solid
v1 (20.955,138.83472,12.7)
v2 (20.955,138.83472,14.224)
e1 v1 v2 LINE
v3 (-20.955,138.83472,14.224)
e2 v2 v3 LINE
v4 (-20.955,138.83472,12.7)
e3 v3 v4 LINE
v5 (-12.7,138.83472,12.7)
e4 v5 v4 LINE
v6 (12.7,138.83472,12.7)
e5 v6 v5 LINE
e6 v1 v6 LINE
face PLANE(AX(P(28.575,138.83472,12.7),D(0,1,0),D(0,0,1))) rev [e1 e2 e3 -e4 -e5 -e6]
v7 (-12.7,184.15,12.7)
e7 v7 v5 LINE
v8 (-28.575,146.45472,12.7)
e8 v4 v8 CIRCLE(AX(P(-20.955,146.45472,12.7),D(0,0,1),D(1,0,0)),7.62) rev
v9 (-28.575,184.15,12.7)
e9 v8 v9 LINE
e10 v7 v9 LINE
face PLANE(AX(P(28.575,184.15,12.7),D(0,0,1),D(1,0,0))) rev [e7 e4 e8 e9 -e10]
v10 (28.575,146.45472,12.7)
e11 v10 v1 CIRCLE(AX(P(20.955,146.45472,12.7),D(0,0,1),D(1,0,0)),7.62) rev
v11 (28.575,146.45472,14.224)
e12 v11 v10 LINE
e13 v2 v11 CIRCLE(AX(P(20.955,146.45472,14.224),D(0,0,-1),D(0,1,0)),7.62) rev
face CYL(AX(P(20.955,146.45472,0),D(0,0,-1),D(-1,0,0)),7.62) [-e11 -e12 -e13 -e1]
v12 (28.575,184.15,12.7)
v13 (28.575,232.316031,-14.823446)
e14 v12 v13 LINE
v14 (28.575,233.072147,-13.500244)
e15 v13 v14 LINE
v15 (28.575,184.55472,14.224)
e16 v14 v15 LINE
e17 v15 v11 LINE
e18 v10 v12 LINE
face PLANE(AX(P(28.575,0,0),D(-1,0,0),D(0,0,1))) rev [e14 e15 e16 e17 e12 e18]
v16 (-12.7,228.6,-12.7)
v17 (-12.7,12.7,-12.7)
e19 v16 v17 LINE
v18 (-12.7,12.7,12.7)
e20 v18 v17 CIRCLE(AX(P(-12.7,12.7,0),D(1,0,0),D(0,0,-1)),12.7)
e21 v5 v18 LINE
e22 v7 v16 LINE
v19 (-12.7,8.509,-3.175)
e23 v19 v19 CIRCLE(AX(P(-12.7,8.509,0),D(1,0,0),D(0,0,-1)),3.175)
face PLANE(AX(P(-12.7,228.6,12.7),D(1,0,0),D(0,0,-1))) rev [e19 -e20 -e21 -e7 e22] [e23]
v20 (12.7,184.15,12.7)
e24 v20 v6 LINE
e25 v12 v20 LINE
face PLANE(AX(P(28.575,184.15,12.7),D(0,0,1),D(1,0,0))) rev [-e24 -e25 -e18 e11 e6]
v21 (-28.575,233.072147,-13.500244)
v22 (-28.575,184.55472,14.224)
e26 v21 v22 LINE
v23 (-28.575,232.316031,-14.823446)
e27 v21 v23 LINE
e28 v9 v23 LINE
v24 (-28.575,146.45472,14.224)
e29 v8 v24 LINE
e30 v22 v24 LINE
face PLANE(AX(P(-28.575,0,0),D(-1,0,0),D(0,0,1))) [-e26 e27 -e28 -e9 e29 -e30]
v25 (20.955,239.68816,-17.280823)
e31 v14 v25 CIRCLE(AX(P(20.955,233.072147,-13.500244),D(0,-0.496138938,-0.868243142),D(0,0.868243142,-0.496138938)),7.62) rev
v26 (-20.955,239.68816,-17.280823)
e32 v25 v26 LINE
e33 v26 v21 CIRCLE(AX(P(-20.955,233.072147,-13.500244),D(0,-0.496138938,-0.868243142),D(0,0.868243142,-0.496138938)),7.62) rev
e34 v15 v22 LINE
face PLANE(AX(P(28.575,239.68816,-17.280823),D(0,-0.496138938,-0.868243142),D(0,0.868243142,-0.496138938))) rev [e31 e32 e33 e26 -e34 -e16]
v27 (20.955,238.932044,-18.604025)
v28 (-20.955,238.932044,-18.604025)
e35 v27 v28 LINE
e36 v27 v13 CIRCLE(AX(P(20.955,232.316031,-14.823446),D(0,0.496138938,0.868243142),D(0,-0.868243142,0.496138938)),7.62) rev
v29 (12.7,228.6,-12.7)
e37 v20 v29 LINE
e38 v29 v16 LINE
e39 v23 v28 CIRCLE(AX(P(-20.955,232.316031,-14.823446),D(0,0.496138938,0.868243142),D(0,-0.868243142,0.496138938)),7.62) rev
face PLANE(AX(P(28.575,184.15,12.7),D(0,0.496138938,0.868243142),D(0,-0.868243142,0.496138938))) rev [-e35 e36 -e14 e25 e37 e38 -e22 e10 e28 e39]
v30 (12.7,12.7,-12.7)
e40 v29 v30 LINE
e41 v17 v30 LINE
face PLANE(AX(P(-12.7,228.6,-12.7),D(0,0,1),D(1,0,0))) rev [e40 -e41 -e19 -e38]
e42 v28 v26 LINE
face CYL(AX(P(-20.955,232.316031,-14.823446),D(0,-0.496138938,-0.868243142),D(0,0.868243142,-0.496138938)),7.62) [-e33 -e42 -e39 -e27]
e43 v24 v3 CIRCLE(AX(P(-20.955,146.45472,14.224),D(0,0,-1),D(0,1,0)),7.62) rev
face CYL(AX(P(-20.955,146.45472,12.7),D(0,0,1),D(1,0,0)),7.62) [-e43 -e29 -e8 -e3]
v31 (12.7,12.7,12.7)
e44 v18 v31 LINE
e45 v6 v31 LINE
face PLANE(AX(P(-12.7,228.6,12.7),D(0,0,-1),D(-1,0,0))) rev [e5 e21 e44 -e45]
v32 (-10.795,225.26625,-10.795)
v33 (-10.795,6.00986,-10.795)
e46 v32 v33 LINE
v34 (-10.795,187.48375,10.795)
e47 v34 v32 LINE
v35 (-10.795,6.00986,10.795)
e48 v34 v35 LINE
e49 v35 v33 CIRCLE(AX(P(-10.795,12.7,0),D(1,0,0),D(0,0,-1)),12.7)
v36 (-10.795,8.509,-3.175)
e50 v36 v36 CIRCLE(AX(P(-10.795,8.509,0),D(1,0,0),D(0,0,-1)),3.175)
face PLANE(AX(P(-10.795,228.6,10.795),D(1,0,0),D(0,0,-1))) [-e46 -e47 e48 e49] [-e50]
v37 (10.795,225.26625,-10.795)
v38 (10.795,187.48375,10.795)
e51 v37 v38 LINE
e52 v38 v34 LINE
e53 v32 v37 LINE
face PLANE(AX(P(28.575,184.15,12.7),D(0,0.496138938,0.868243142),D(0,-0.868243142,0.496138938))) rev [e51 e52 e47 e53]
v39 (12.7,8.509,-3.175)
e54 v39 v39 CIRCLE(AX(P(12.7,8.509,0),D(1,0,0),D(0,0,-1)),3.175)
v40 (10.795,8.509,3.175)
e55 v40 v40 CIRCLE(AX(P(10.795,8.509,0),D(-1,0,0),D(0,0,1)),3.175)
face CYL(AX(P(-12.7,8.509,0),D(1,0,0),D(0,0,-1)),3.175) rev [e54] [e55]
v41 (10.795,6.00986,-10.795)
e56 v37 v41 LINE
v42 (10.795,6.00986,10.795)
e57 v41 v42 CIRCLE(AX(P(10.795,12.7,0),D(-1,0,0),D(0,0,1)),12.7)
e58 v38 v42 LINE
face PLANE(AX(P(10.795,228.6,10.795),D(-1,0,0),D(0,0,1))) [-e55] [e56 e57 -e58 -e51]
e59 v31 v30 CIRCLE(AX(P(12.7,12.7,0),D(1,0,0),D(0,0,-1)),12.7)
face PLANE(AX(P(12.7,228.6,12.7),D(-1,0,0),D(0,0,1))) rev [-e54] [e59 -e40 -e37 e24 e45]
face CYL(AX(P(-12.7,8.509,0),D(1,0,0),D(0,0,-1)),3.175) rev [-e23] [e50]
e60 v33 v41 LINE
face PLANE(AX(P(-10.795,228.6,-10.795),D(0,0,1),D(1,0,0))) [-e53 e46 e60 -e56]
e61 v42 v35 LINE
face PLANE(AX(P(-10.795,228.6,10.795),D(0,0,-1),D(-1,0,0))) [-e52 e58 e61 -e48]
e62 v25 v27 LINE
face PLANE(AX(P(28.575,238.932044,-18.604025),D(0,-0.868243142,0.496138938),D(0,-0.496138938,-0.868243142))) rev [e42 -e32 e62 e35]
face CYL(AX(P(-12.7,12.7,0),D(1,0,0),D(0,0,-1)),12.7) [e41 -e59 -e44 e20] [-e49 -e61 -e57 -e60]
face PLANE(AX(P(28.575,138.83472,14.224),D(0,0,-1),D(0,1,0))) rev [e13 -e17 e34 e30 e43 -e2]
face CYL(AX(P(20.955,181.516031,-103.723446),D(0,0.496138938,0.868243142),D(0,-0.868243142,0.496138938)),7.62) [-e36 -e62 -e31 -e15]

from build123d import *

# Parameters (mm, degrees)
SKETCH1_W               = 25.4
SKETCH1_H               = 25.4
SKETCH1_W_2             = 21.59
SKETCH1_H_2             = 21.59
BOSS_EXTRUDE1_DEPTH     = 228.6
CUT_EXTRUDE1_DEPTH      = 230.304470083
CUT_EXTRUDE1_DEPTH_BACK = 230.304470083
SKETCH2_R               = 3.175
BOSS_EXTRUDE2_DEPTH     = 28.575
FILLET1_R               = 7.62


with BuildPart() as part:
    # Sketch1 → Boss-Extrude1 (new body)
    with BuildSketch(Plane(origin=(0, 0, 0), x_dir=(1, 0, 0), z_dir=(0, 1, 0))):
        Rectangle(SKETCH1_W, SKETCH1_H)
        Rectangle(SKETCH1_W_2, SKETCH1_H_2, mode=Mode.SUBTRACT)
    extrude(amount=BOSS_EXTRUDE1_DEPTH)

    # Sketch2 → Cut-Extrude1 (cut, two sides: drawn at the far end of the back side and taken through both)
    with BuildSketch(Plane(origin=(0, 0, 0), x_dir=(0, 0, -1), z_dir=(1, 0, 0)).offset(-CUT_EXTRUDE1_DEPTH_BACK)):
        Polygon((-12.7, 228.6), (-12.7, 184.15), (12.7, 228.6), align=None)
        with BuildLine():
            Line((-12.7, 0), (0, 0))
            ThreePointArc((0, 0), (-8.980256121, 3.719743879), (-12.7, 12.7))
            Line((-12.7, 12.7), (-12.7, 0))
        make_face()
        with BuildLine():
            ThreePointArc((12.7, 12.7), (8.980256121, 3.719743879), (0, 0))
            Line((0, 0), (12.7, 0))
            Line((12.7, 0), (12.7, 12.7))
        make_face()
        with Locations((0, 8.509)):
            Circle(SKETCH2_R)
    extrude(amount=CUT_EXTRUDE1_DEPTH + CUT_EXTRUDE1_DEPTH_BACK, mode=Mode.SUBTRACT)

    # Sketch3 → Boss-Extrude2 (add, symmetric)
    with BuildSketch(Plane(origin=(0, 0, 0), x_dir=(0, 0, -1), z_dir=(1, 0, 0))):
        Polygon((-12.7, 184.15), (18.604025134, 238.932043985), (17.280822586, 239.688159727), (-14.224, 184.554720202), (-14.224, 138.834720202), (-12.7, 138.834720202), align=None)
    extrude(amount=BOSS_EXTRUDE2_DEPTH, both=True)

    # Fillet1
    fillet1_edges = [part.edges().sort_by_distance(p)[0] for p in [
        (-28.575, 239.310101856, -17.94242386),
        (-28.575, 138.834720202, 13.462),
        (28.575, 239.310101856, -17.94242386),
        (28.575, 138.834720202, 13.462),
    ]]
    fillet(fillet1_edges, radius=FILLET1_R)


solid = part.part
